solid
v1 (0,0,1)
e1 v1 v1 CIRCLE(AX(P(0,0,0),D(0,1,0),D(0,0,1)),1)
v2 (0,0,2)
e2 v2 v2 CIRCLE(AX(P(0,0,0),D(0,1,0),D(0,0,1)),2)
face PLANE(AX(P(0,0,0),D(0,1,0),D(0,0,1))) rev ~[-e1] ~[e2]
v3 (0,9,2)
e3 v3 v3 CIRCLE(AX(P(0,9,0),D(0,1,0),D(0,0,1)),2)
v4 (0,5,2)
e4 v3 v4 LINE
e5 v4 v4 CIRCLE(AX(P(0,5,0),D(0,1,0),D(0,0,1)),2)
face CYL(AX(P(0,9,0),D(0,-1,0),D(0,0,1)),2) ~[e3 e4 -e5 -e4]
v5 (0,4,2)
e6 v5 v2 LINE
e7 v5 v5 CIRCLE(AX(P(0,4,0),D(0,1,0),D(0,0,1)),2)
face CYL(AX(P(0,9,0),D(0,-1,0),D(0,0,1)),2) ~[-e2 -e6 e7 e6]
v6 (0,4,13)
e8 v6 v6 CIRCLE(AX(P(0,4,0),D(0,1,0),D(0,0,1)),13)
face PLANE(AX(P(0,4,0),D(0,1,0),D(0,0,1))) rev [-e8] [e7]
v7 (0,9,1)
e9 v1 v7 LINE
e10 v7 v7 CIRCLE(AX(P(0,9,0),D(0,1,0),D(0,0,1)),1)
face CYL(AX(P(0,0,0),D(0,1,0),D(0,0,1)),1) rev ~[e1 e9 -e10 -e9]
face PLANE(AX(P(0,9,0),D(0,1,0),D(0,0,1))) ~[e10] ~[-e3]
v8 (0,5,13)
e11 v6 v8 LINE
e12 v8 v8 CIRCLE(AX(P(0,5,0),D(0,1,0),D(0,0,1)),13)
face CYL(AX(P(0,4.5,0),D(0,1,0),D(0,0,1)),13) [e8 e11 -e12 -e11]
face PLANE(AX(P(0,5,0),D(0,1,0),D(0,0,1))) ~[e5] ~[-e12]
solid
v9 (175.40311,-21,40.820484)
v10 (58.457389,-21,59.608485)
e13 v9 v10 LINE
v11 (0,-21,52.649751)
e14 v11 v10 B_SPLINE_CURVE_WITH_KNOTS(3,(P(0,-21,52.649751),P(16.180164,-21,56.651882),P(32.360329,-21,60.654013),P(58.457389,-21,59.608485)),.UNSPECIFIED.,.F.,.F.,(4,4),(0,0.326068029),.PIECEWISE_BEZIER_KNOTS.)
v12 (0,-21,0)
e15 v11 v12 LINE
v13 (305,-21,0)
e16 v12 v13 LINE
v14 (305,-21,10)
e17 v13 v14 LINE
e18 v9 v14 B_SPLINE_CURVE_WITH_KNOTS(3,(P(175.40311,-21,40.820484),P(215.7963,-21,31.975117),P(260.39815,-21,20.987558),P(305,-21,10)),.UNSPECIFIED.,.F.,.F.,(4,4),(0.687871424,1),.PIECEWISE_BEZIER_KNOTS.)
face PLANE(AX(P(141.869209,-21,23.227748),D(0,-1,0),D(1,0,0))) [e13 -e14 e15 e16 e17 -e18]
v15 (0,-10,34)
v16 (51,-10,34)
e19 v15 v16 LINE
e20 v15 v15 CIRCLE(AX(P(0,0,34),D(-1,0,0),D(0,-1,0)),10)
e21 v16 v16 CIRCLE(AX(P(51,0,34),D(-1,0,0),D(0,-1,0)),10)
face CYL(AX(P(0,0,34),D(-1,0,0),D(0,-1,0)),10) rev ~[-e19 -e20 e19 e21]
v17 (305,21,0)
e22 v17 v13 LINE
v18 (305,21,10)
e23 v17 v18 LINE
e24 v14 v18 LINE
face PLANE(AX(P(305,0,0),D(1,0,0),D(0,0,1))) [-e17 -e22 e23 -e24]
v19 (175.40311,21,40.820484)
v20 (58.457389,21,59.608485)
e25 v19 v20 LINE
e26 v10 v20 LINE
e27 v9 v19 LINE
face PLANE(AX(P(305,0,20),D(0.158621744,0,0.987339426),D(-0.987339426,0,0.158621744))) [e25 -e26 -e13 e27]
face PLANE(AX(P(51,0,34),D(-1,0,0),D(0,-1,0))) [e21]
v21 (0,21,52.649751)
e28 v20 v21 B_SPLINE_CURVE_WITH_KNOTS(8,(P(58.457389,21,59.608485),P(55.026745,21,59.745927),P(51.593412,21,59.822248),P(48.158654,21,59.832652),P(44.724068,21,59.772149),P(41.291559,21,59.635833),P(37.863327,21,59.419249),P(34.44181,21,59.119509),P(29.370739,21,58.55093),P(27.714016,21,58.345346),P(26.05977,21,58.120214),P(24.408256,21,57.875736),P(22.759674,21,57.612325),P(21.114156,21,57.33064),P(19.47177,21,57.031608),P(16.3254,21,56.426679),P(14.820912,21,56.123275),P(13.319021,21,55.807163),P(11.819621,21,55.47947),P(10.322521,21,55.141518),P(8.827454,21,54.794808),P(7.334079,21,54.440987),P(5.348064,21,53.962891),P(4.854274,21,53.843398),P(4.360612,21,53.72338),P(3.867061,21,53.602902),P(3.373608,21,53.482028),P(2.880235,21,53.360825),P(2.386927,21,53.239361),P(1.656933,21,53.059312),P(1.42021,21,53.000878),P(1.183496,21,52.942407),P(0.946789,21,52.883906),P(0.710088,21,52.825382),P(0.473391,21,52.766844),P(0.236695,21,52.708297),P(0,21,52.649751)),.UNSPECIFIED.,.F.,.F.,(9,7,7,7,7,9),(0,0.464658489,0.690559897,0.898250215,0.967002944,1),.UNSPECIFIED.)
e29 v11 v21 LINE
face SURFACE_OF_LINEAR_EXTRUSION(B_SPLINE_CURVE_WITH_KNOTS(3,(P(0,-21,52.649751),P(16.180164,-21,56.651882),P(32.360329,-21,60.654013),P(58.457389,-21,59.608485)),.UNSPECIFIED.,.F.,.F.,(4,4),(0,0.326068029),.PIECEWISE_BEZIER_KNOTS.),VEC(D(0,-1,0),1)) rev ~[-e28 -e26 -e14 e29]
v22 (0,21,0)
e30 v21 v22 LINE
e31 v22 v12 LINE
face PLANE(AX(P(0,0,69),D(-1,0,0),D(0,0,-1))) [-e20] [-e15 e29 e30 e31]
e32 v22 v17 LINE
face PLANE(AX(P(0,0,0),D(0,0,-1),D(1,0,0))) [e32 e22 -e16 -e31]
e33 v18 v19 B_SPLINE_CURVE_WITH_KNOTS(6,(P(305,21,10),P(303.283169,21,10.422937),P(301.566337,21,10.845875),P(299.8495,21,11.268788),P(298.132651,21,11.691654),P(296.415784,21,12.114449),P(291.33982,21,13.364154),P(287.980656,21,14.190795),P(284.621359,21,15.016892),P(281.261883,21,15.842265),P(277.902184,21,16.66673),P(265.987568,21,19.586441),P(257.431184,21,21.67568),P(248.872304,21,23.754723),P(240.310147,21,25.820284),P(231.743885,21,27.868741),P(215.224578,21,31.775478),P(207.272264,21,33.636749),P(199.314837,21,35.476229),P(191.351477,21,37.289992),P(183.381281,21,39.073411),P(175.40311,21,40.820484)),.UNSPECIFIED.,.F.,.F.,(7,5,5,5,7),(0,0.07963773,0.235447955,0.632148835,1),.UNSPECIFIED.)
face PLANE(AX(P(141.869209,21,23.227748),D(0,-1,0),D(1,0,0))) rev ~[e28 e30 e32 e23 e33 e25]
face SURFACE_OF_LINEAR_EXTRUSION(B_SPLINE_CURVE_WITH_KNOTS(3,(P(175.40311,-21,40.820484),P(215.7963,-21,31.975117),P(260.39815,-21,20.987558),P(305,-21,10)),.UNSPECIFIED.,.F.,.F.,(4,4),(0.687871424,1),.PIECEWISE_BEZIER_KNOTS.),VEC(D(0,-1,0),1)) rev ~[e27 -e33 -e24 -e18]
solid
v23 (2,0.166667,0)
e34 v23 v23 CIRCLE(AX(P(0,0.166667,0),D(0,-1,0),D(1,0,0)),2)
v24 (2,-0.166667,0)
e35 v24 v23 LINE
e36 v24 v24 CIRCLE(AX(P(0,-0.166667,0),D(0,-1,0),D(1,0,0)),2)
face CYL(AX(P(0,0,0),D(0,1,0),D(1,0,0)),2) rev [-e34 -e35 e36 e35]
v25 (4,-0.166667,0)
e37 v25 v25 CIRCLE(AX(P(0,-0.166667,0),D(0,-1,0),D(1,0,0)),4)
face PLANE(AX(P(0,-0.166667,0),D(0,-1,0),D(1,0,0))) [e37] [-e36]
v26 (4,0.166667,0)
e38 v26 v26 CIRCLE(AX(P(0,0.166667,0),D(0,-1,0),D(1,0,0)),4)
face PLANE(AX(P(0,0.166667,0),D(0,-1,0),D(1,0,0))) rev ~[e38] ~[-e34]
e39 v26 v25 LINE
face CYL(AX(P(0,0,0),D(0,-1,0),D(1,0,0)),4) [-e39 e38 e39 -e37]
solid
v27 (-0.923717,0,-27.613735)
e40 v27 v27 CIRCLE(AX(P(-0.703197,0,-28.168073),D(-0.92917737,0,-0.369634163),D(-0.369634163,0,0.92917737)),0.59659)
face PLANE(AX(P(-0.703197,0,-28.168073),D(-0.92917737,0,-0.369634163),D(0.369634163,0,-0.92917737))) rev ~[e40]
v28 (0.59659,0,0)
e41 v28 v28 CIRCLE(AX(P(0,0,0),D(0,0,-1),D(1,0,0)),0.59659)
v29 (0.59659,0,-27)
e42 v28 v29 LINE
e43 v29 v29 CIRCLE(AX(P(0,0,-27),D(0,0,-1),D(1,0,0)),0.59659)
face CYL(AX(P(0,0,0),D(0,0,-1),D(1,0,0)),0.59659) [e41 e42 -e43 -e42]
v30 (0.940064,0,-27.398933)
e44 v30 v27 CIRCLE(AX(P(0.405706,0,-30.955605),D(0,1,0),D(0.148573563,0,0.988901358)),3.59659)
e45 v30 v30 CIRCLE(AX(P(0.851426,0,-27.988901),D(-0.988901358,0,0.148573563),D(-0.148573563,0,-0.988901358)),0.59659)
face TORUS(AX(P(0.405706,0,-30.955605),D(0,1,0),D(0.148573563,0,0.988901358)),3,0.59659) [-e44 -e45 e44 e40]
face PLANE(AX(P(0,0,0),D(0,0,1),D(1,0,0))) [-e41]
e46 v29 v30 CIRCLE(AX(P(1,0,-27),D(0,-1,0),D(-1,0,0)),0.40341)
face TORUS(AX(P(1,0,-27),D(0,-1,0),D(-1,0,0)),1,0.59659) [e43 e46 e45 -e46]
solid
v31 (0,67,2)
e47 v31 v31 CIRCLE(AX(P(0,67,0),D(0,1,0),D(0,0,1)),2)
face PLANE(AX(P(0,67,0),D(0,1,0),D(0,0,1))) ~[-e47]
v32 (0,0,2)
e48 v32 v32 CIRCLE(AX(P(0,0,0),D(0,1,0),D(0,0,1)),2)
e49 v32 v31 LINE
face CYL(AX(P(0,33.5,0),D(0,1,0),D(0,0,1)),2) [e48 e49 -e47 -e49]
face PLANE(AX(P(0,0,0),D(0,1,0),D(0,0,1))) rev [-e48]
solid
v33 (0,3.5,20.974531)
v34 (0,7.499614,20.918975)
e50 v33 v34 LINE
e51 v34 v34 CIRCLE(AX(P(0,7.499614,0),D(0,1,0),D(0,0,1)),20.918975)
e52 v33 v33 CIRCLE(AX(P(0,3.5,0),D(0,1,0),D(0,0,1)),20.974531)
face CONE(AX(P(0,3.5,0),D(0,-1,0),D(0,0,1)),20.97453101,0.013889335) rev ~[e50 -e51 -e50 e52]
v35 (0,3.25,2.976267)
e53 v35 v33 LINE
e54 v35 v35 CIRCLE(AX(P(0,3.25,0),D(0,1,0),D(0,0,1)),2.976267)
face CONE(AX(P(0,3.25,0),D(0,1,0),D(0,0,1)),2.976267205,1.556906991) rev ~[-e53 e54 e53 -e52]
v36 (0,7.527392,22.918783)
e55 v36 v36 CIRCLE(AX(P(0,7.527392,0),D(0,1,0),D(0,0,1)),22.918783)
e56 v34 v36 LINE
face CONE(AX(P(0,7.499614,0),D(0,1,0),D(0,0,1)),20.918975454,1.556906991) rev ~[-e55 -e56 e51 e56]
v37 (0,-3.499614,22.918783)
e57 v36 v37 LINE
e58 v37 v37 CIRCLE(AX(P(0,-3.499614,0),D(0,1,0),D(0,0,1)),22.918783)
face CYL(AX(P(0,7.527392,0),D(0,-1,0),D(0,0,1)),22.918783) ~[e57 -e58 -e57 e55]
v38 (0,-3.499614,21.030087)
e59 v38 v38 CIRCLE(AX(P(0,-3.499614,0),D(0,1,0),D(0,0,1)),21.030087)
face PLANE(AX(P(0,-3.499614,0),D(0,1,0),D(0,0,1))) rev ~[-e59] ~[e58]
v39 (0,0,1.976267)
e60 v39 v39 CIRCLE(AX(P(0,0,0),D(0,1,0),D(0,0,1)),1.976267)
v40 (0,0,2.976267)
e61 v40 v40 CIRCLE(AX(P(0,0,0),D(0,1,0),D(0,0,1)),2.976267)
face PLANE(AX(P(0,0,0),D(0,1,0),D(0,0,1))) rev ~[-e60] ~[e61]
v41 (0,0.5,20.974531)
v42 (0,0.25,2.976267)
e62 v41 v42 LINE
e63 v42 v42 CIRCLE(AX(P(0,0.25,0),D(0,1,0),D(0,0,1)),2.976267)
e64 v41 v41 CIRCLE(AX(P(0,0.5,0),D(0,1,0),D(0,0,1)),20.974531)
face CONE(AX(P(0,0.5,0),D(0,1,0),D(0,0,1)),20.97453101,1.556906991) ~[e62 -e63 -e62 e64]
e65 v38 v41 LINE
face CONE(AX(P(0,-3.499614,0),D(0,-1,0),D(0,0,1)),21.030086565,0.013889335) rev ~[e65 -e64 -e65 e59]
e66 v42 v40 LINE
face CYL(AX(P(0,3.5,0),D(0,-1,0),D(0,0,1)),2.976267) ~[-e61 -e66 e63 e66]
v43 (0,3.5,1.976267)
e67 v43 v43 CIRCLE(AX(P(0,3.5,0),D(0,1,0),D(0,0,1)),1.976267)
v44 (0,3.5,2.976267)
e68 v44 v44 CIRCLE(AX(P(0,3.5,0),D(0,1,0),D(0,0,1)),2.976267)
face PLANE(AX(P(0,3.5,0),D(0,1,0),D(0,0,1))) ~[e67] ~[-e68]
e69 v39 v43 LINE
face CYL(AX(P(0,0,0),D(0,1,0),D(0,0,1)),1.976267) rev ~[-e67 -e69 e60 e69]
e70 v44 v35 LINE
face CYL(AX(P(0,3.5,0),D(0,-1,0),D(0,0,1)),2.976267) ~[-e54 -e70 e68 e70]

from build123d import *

# Parameters (mm, degrees)
F1_DEPTH  = 21
F2_R      = 4
F2_R_2    = 2
F3_DEPTH  = 0.1666666667
F7_R      = 0.5965900362
F9_W      = 1
F9_H      = 11
F11_W     = 67
F11_H     = 2
F13_R     = 10
F14_DEPTH = 51
F16_DEPTH = 88.001


with BuildPart() as f1:
    # F0 (on Front) → F1 (new body, symmetric)
    with BuildSketch(Plane.XZ):
        Polygon((0, 69), (0, 0), (305, 0), (305, 20), align=None)
    extrude(amount=F1_DEPTH, both=True)

    # F13 (on face) → F14 (cut)
    with BuildSketch(Plane(origin=(0, 0, 0), x_dir=(0, -1, 0), z_dir=(-1, 0, 0))):
        with Locations((0, 34)):
            Circle(F13_R)
    extrude(amount=-F14_DEPTH, mode=Mode.SUBTRACT)

    # F15 (on face) → F16 (cut, through all)
    with BuildSketch(Plane.XZ.offset(21)):
        with BuildLine():
            Line((0, 69), (0, 52.6497513056))
            add(Edge.make_bspline(
                [(0, 52.6497513056), (16.1801636824, 56.6518822073), (32.3603294862, 60.6540130326), (58.4573891807, 59.6084850169)],
                knots=[0, 0, 0, 0, 0.3260680288, 0.3260680288, 0.3260680288, 0.3260680288], degree=3))
            Line((58.4573891807, 59.6084850169), (0, 69))
        make_face()
        with BuildLine():
            add(Edge.make_bspline(
                [(175.4031095772, 40.8204840351), (215.796300494, 31.9751165237), (260.3981504467, 20.9875583734), (305, 10)],
                knots=[0.6878714237, 0.6878714237, 0.6878714237, 0.6878714237, 1, 1, 1, 1], degree=3))
            Line((305, 10), (305, 20))
            Line((305, 20), (175.4031095772, 40.8204840351))
        make_face()
    extrude(amount=-F16_DEPTH, mode=Mode.SUBTRACT)


with BuildPart() as f3:
    # F2 (on Front) → F3 (new body, symmetric)
    with BuildSketch(Plane.XZ):
        Circle(F2_R)
        Circle(F2_R_2, mode=Mode.SUBTRACT)
    extrude(amount=F3_DEPTH, both=True)


with BuildPart() as f5:
    # F4 (on Right) → F5 (revolve)
    with BuildSketch(Plane.YZ):
        Polygon((0, 2.9762672046), (0, 1.9762672046), (3.5, 1.9762672046), (3.5, 2.9762672046), (3.25, 2.9762672046), (0.25, 2.9762672046), align=None)
        Polygon((0.5, 20.9745310098), (0.25, 2.9762672046), (3.25, 2.9762672046), (3.5, 20.9745310098), (7.4996141789, 20.9189754542), (7.5273919567, 22.9187825437), (-3.4996141789, 22.9187825437), (-3.4996141789, 21.0300865654), align=None)
    revolve(axis=Axis((0, 2.0275440093, 0), (0, 1, 0)))


with BuildPart() as f8:
    # F8: sweep along a path in F6
    with BuildLine(Plane.XZ) as f8_path:
        Line((0, 0), (0, -27))
        ThreePointArc((0, -27), (0.2421828837, -27.6524670247), (0.8514264366, -27.9889013582))
        ThreePointArc((0.8514264366, -27.9889013582), (0.7491852543, -33.9358775391), (-0.7031967419, -28.1680733215))
    # F7 (on Top) → F8 (sweep)
    with BuildSketch(Plane.XY):
        Circle(F7_R)
    sweep(path=f8_path.line)


with BuildPart() as f10:
    # F9 (on Right) → F10 (revolve)
    with BuildSketch(Plane.YZ):
        Polygon((4, 2), (0, 2), (0, 1), (9, 1), (9, 2), (5, 2), align=None)
        with Locations((4.5, 7.5)):
            Rectangle(F9_W, F9_H)
    revolve(axis=Axis((0, 4.5, 0), (0, 1, 0)))


with BuildPart() as f12:
    # F11 (on Right) → F12 (revolve)
    with BuildSketch(Plane.YZ):
        with Locations((33.5, 1)):
            Rectangle(F11_W, F11_H)
    revolve(axis=Axis((0, 33.5, 0), (0, 1, 0)))


solid = Compound([f1.part, f3.part, f5.part, f8.part, f10.part, f12.part])
